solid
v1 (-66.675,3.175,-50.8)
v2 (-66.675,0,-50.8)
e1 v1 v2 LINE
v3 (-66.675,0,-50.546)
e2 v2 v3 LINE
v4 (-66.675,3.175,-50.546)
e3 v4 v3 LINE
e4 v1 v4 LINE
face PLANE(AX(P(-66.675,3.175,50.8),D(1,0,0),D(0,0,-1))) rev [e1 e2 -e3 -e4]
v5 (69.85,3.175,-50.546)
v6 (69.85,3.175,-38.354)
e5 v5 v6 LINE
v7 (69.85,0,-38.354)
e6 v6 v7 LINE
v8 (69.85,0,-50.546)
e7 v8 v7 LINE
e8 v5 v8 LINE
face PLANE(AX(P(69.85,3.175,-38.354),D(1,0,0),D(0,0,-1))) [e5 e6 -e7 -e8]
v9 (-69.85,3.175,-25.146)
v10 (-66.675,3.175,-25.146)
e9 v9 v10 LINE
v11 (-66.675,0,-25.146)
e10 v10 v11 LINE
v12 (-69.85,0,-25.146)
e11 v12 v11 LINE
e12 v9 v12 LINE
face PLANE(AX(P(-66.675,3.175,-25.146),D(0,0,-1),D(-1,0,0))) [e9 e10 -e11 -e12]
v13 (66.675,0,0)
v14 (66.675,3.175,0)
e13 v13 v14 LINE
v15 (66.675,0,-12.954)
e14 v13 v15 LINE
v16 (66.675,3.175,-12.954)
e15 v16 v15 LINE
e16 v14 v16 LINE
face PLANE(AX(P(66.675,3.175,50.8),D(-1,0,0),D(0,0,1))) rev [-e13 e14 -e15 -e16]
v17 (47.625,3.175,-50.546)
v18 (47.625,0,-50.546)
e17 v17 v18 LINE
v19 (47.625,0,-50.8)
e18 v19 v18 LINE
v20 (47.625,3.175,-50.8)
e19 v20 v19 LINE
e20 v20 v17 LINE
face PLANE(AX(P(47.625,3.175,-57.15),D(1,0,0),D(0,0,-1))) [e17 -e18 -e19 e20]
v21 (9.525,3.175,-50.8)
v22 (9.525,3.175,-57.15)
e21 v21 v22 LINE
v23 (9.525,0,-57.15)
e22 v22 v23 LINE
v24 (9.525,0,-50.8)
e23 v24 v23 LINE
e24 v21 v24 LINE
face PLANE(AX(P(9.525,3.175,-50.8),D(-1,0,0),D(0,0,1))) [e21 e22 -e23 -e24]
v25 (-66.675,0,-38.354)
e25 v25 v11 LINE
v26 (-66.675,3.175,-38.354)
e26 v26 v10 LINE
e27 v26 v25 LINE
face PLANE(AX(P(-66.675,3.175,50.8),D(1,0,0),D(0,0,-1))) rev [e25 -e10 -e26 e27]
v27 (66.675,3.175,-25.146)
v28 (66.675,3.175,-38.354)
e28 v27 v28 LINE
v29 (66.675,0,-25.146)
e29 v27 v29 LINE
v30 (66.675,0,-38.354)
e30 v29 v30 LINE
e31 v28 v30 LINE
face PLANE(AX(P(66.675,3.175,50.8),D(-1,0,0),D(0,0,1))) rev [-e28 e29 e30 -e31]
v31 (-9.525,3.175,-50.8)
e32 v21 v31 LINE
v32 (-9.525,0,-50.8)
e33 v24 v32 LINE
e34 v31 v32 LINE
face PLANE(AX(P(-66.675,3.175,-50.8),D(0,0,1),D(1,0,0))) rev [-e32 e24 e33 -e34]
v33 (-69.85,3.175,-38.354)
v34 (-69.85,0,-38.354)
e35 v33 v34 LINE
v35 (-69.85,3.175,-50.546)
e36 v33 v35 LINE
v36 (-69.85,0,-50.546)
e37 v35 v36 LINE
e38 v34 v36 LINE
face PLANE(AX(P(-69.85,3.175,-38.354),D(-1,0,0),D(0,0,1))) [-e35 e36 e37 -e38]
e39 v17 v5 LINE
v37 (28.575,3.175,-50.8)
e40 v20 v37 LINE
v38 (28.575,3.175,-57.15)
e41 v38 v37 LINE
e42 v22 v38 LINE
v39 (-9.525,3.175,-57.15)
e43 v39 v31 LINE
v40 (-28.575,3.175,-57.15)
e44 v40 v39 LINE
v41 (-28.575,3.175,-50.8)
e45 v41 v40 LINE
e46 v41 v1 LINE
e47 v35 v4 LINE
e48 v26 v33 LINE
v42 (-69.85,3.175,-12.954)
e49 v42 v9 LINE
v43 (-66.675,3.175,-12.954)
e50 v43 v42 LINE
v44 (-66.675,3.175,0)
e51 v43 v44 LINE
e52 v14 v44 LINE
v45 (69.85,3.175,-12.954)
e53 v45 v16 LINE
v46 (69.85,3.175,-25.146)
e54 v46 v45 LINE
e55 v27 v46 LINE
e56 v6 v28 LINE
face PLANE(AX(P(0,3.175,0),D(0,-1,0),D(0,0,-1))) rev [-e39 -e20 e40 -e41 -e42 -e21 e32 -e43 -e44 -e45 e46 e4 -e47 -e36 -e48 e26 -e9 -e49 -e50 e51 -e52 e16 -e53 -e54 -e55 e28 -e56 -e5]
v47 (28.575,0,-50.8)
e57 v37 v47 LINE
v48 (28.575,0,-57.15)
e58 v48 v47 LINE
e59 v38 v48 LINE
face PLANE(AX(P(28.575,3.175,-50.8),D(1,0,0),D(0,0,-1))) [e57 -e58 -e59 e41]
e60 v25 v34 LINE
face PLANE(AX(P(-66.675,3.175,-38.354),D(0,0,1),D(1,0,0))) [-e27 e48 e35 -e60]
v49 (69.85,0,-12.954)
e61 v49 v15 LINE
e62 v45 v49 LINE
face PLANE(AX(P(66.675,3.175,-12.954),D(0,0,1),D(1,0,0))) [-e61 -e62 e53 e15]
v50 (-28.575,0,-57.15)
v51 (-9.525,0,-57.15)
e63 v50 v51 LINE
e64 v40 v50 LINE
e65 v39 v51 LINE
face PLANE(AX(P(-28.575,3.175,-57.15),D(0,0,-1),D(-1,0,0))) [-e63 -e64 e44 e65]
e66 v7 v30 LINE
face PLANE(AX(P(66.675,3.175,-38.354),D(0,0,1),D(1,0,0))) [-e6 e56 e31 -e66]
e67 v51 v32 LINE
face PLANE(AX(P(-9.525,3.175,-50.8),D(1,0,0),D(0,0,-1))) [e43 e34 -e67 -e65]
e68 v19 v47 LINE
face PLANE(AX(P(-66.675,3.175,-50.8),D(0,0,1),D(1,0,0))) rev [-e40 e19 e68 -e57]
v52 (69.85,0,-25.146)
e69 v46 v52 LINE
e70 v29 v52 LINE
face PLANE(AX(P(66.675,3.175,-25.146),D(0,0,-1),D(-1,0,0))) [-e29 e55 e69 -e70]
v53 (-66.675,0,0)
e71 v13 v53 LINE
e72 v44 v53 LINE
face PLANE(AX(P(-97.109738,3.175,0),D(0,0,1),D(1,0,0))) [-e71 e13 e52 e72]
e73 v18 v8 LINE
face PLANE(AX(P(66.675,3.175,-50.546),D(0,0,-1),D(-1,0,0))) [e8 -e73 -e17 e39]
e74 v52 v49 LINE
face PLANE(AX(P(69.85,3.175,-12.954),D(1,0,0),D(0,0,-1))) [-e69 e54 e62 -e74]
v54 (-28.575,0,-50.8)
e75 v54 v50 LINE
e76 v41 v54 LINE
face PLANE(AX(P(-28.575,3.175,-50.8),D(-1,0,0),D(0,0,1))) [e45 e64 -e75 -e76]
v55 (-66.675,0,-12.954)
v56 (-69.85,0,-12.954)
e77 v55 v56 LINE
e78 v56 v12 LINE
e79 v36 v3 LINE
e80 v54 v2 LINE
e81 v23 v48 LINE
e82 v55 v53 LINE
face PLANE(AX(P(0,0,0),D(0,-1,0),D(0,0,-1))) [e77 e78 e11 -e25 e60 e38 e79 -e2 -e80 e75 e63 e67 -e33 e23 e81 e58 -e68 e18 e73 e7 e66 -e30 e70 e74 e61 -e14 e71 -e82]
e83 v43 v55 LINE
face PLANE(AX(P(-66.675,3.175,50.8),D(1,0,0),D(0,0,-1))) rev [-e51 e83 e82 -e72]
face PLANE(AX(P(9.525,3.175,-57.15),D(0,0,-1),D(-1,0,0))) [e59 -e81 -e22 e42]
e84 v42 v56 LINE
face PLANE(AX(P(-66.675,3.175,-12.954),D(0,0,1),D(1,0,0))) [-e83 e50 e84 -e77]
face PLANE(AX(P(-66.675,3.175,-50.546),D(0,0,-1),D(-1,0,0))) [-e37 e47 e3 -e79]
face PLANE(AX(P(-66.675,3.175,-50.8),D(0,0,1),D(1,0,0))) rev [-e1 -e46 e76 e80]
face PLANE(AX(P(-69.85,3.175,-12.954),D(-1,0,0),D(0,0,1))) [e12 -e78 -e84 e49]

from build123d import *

# Parameters (mm, degrees)
SKETCH1_W           = 133.35
SKETCH1_H           = 101.6
BOSS_EXTRUDE1_DEPTH = 3.175
SKETCH2_W           = 3.175
SKETCH2_H           = 12.192
SKETCH2_W_2         = 19.05
SKETCH2_H_2         = 6.35
BOSS_EXTRUDE2_DEPTH = 3.175
SKETCH3_W           = 19.05
SKETCH3_H           = 6.35
SKETCH3_H_2         = 6.604
CUT_EXTRUDE1_DEPTH  = 91.306287849
SKETCH4_W           = 202.264069455
SKETCH4_H           = 60.449375303
CUT_EXTRUDE2_DEPTH  = 91.306287849


with BuildPart() as part:
    # Sketch1 → Boss-Extrude1 (new body)
    with BuildSketch(Plane(origin=(0, 0, 0), x_dir=(1, 0, 0), z_dir=(0, 1, 0))):
        Rectangle(SKETCH1_W, SKETCH1_H)
    extrude(amount=BOSS_EXTRUDE1_DEPTH)

    # Sketch2 → Boss-Extrude2 (add)
    with BuildSketch(Plane(origin=(0, 0, 0), x_dir=(-1, 0, 0), z_dir=(0, -1, 0))):
        with Locations((68.2625, -31.75)):
            Rectangle(SKETCH2_W, SKETCH2_H)
        with Locations((68.2625, -6.35)):
            Rectangle(SKETCH2_W, SKETCH2_H)
        with Locations((68.2625, 19.05)):
            Rectangle(SKETCH2_W, SKETCH2_H)
        with Locations((68.2625, 44.45)):
            Rectangle(SKETCH2_W, SKETCH2_H)
        with Locations((-68.2625, 44.45)):
            Rectangle(SKETCH2_W, SKETCH2_H)
        with Locations((-68.2625, 19.05)):
            Rectangle(SKETCH2_W, SKETCH2_H)
        with Locations((-68.2625, -6.35)):
            Rectangle(SKETCH2_W, SKETCH2_H)
        with Locations((-68.2625, -31.75)):
            Rectangle(SKETCH2_W, SKETCH2_H)
        with Locations((19.05, 53.975)):
            Rectangle(SKETCH2_W_2, SKETCH2_H_2)
        with Locations((57.15, 53.975)):
            Rectangle(SKETCH2_W_2, SKETCH2_H_2)
        with Locations((-19.05, 53.975)):
            Rectangle(SKETCH2_W_2, SKETCH2_H_2)
        with Locations((-57.15, 53.975)):
            Rectangle(SKETCH2_W_2, SKETCH2_H_2)
    extrude(amount=-BOSS_EXTRUDE2_DEPTH)

    # Sketch3 → Cut-Extrude1 (cut, through all)
    with BuildSketch(Plane(origin=(0, 0, 0), x_dir=(1, 0, 0), z_dir=(0, 1, 0))):
        with Locations((-57.15, 53.975)):
            Rectangle(SKETCH3_W, SKETCH3_H)
        with Locations((57.15, 53.848)):
            Rectangle(SKETCH3_W, SKETCH3_H_2)
    extrude(amount=CUT_EXTRUDE1_DEPTH, mode=Mode.SUBTRACT)

    # Sketch4 → Cut-Extrude2 (cut, through all)
    with BuildSketch(Plane(origin=(0, 0, 0), x_dir=(1, 0, 0), z_dir=(0, 1, 0))):
        with Locations((4.022296835, -30.224687652)):
            Rectangle(SKETCH4_W, SKETCH4_H)
    extrude(amount=CUT_EXTRUDE2_DEPTH, mode=Mode.SUBTRACT)


solid = part.part
